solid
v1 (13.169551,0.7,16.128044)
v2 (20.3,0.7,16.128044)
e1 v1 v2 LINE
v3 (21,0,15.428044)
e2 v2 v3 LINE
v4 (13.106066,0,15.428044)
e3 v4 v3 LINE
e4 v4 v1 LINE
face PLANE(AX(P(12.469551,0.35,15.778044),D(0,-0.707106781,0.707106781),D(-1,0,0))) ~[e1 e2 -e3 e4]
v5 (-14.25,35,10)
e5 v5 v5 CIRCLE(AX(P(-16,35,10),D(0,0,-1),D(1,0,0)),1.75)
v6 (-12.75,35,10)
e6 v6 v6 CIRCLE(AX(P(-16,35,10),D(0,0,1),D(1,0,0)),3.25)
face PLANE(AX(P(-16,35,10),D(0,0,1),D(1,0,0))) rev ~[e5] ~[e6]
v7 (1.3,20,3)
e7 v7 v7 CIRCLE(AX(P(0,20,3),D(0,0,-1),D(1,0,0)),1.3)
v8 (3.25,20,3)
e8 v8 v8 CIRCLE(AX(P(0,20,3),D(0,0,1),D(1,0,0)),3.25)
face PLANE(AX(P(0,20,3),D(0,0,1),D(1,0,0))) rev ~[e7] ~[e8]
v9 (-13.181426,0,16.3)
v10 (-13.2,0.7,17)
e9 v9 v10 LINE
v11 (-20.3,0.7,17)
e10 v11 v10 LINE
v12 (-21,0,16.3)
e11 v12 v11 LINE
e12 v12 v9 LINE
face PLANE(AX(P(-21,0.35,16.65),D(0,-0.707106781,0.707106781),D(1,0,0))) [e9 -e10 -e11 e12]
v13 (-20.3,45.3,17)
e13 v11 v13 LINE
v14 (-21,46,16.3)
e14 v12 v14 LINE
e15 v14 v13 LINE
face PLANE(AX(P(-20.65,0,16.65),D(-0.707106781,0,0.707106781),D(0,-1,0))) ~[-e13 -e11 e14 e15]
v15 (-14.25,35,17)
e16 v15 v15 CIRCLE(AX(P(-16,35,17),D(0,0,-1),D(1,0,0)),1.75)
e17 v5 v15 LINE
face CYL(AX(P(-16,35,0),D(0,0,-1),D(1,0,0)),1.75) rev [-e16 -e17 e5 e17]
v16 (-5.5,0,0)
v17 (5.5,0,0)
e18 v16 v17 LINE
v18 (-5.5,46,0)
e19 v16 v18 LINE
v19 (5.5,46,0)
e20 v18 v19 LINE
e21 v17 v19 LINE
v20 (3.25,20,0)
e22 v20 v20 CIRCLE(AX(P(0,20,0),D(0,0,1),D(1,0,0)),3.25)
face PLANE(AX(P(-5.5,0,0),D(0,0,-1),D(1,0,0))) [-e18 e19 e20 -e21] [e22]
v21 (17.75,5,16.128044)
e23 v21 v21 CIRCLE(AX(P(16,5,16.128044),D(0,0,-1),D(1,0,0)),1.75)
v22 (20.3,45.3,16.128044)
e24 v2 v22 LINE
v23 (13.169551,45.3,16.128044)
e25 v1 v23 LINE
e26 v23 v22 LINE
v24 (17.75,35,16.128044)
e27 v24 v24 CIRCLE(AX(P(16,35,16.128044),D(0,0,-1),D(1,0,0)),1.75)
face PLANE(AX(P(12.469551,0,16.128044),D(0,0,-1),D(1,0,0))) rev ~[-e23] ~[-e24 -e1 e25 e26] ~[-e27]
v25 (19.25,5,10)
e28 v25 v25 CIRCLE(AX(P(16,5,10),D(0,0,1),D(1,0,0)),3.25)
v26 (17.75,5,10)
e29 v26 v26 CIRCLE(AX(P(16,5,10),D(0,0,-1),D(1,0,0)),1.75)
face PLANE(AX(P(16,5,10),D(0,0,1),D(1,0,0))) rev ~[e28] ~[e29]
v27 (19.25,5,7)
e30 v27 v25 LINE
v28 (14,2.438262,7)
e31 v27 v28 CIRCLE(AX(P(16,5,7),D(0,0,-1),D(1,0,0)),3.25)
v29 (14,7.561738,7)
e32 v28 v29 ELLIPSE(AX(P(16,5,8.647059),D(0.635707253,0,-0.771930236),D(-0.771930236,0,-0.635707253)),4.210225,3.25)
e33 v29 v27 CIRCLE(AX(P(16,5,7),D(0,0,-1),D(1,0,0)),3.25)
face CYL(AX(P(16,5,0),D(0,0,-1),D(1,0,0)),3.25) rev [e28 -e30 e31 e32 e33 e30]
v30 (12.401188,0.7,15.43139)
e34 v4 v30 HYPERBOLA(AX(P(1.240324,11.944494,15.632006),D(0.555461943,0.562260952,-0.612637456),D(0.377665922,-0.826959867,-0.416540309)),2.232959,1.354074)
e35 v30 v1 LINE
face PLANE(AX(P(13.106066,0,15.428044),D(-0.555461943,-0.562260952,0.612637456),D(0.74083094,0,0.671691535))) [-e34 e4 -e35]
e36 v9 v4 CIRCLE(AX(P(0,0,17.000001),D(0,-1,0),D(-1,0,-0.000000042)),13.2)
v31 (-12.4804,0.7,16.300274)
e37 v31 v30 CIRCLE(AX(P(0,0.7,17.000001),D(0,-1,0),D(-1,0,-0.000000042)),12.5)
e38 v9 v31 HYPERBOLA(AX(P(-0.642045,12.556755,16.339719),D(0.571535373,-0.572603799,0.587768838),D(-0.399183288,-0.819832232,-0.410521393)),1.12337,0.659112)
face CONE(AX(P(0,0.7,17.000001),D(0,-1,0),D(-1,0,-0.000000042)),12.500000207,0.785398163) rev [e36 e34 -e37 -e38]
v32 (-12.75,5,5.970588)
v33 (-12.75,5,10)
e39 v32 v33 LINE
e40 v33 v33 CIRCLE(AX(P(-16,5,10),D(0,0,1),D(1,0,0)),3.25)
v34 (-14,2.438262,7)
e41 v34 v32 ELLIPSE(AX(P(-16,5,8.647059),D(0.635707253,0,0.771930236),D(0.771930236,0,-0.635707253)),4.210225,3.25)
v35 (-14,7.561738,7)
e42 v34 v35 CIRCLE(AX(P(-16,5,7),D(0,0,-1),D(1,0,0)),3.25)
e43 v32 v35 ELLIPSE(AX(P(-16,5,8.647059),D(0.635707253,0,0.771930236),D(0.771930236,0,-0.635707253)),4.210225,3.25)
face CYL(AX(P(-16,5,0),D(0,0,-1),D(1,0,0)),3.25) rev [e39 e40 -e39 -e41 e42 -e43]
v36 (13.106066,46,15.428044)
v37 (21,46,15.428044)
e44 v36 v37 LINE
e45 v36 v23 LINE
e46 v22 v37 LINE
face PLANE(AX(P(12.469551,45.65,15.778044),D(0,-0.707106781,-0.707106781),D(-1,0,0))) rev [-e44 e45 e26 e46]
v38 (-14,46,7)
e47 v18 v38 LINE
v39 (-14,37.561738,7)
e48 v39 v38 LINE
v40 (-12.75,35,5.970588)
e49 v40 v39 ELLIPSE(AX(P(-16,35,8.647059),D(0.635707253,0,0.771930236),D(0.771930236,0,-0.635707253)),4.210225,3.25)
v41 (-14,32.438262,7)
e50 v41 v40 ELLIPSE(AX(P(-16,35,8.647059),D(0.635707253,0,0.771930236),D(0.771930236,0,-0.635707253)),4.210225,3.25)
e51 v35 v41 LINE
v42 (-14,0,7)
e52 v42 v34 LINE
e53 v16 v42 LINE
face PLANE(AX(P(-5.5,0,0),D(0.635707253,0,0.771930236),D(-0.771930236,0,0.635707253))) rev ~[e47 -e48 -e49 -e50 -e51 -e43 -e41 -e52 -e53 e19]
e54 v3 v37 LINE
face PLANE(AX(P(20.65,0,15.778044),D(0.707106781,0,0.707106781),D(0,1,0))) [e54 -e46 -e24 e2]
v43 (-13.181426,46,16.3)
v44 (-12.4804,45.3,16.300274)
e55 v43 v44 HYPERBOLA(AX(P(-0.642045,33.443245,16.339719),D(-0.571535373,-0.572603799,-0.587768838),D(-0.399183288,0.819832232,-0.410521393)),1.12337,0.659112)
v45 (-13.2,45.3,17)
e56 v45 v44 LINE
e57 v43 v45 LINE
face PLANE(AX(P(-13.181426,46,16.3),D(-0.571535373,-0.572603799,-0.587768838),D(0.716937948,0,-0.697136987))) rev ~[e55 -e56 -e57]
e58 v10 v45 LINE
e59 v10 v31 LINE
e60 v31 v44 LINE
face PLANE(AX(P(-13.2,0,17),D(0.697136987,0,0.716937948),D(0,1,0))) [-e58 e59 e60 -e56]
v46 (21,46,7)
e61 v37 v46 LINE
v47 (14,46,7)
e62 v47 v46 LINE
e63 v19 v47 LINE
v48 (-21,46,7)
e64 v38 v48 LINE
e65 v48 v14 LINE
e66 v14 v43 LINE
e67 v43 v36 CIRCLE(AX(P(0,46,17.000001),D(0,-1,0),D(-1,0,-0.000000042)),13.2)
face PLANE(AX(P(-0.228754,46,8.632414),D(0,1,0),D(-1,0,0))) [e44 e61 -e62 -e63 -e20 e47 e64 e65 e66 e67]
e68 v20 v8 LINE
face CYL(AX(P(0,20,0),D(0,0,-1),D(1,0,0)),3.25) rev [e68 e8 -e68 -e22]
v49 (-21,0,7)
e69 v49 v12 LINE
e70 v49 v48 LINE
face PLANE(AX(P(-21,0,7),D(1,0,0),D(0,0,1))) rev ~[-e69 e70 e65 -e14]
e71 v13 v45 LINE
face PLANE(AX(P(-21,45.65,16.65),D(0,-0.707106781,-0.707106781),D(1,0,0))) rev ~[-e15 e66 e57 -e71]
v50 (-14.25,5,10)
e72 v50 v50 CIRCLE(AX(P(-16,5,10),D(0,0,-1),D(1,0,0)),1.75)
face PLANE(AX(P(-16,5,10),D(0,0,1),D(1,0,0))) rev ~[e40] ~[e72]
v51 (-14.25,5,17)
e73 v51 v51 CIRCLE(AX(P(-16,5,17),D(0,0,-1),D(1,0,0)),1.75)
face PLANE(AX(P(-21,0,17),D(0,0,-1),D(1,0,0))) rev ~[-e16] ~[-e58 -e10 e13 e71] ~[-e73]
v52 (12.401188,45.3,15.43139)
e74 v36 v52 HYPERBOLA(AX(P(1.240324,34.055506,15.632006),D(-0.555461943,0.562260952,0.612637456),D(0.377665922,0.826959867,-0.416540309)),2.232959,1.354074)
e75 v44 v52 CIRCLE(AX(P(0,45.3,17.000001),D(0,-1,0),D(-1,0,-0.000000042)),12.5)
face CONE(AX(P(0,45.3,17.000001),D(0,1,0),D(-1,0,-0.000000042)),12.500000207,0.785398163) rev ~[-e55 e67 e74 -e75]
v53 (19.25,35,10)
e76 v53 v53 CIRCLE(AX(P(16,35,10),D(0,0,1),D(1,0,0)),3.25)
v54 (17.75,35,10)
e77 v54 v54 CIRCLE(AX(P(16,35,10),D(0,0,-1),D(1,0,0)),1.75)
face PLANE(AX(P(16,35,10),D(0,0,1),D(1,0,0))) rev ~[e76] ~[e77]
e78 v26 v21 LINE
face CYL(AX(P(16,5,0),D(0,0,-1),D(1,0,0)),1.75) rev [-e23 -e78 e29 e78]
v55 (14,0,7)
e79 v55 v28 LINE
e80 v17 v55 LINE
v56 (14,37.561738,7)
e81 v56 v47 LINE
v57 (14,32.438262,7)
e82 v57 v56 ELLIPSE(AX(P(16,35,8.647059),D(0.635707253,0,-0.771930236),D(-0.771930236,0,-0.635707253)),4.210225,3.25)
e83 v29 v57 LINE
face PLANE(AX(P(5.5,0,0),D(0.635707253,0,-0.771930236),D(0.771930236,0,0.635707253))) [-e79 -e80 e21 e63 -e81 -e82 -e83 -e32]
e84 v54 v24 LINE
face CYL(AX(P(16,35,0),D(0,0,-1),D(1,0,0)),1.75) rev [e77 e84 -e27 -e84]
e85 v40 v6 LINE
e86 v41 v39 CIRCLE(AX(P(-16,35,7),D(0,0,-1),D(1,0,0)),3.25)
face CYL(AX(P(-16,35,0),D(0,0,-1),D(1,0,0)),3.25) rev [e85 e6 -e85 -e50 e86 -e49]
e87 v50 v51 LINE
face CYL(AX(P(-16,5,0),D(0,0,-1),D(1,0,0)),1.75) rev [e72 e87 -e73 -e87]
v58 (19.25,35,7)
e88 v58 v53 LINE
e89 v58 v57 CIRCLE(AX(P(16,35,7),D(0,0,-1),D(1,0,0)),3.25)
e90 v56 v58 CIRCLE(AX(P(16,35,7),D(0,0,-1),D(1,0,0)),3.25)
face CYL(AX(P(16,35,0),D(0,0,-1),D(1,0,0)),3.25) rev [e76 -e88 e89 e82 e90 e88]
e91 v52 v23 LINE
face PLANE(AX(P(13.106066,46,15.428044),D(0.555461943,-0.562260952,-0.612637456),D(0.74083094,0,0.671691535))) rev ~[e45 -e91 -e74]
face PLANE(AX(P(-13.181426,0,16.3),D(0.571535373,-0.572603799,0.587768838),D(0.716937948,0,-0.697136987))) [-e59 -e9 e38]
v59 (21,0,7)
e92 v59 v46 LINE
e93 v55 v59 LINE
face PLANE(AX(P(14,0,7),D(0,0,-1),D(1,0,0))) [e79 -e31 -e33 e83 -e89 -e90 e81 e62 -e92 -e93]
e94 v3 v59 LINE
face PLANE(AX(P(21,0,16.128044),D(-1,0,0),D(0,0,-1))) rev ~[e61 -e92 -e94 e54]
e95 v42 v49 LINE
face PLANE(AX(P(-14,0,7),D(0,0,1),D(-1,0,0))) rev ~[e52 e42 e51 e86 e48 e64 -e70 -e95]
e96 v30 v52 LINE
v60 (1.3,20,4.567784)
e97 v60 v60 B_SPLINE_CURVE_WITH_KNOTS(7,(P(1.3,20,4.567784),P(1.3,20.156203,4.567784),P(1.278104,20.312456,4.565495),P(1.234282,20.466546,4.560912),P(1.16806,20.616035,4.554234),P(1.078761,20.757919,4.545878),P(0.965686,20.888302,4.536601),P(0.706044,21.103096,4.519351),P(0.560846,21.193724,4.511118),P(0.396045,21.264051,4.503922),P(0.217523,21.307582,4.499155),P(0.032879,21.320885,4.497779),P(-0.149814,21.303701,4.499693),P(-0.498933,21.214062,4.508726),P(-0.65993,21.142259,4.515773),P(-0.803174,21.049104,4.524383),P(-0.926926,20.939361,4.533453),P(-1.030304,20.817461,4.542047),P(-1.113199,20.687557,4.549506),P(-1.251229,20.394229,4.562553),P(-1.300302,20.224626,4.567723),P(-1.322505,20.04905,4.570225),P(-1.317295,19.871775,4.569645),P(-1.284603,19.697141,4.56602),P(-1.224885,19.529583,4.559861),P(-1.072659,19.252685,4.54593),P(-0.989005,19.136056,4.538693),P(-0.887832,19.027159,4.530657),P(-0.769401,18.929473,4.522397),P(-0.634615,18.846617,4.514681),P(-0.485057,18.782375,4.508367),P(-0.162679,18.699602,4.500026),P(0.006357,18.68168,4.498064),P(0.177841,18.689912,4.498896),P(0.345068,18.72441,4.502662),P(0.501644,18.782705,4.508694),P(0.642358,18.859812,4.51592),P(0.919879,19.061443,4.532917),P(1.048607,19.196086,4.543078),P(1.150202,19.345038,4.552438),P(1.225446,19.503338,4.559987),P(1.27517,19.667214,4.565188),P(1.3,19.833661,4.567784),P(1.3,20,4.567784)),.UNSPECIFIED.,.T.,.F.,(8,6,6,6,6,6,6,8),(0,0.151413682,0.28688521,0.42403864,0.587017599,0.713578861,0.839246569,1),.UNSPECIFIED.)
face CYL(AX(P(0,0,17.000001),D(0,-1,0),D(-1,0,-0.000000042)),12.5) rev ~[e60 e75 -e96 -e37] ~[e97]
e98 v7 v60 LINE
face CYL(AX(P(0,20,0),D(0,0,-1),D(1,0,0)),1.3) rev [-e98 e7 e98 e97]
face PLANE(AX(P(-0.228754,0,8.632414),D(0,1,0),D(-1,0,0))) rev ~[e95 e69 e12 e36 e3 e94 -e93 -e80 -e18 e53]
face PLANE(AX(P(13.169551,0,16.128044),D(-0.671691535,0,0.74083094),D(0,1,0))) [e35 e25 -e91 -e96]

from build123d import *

# Parameters (mm, degrees)
SKETCH009_R                       = 3.25
EXTRUDE003_DEPTH                  = 3
SKETCH008_R                       = 3.25
EXTRUDE002_DEPTH                  = 10
SKETCH007_R                       = 1.75
SKETCH007_R_2                     = 1.3
EXTRUDE001_DEPTH                  = 25
EXTRUDE_DEPTH                     = 46
EXTRUDE_ONTO_SKETCH003_ROLL_ANGLE = 90
CHAMFER_SIZE                      = 0.7


with BuildPart() as extrude003:
    # Sketch009 → Extrude003 (new body)
    with BuildSketch(Plane.XY):
        with Locations((0, 20)):
            Circle(SKETCH009_R)
    extrude(amount=EXTRUDE003_DEPTH)


with BuildPart() as extrude002:
    # Sketch008 → Extrude002 (new body)
    with BuildSketch(Plane.XY):
        with Locations((-16, 5)):
            Circle(SKETCH008_R)
        with Locations((16, 5)):
            Circle(SKETCH008_R)
        with Locations((-16, 35)):
            Circle(SKETCH008_R)
        with Locations((16, 35)):
            Circle(SKETCH008_R)
    extrude(amount=EXTRUDE002_DEPTH)


with BuildPart() as extrude001:
    # Sketch007 → Extrude001 (new body)
    with BuildSketch(Plane.XY):
        with Locations((-16, 5)):
            Circle(SKETCH007_R)
        with Locations((16, 5)):
            Circle(SKETCH007_R)
        with Locations((-16, 35)):
            Circle(SKETCH007_R)
        with Locations((16, 35)):
            Circle(SKETCH007_R)
        with Locations((0, 20)):
            Circle(SKETCH007_R_2)
    extrude(amount=EXTRUDE001_DEPTH)


with BuildPart() as chamfer_body:
    # Sketch003 as drawn → Extrude (new)
    with BuildSketch(Plane.XY):
        with BuildLine():
            Line((21, 16.128044), (21, 7))
            Line((14, 7), (21, 7))
            Line((5.5, 0), (14, 7))
            Line((-5.5, 0), (5.5, 0))
            Line((-5.5, 0), (-14, 7))
            Line((-14, 7), (-21, 7))
            Line((-21, 7), (-21, 17))
            Line((-21, 17), (-12.5, 17))
            ThreePointArc((-12.5, 17), (-0.436244, 4.507615), (12.469551, 16.128044))
            Line((12.469551, 16.128044), (21, 16.128044))
        make_face()
    extrude(amount=-EXTRUDE_DEPTH)


with BuildPart() as chamfer_body_1:
    # Extrude onto Sketch003 roll: moved
    add(chamfer_body.part.rotate(Axis((0, 0, 0), (1, 0, 0)), EXTRUDE_ONTO_SKETCH003_ROLL_ANGLE))


with BuildPart() as chamfer_body_2:
    # Extrude onto Sketch003 placement: moved
    add(chamfer_body_1.part)

    # Cut: cut Extrude001
    add(extrude001.part, mode=Mode.SUBTRACT)

    # Cut001: cut Extrude002
    add(extrude002.part, mode=Mode.SUBTRACT)

    # Cut002: cut Extrude003
    add(extrude003.part, mode=Mode.SUBTRACT)

    # Chamfer
    chamfer_edges = [chamfer_body_2.edges().sort_by_distance(p)[0] for p in [
        (-16.75, 0, 17),
        (-0.436244, 0, 4.507615),
        (16.734775, 0, 16.128044),
        (-16.75, 46, 17),
        (-0.436244, 46, 4.507615),
        (16.734775, 46, 16.128044),
        (-21, 23, 17),
        (-12.5, 23, 17),
        (12.469551, 23, 16.128044),
        (21, 23, 16.128044),
    ]]
    chamfer(chamfer_edges, length=CHAMFER_SIZE)


solid = chamfer_body_2.part
